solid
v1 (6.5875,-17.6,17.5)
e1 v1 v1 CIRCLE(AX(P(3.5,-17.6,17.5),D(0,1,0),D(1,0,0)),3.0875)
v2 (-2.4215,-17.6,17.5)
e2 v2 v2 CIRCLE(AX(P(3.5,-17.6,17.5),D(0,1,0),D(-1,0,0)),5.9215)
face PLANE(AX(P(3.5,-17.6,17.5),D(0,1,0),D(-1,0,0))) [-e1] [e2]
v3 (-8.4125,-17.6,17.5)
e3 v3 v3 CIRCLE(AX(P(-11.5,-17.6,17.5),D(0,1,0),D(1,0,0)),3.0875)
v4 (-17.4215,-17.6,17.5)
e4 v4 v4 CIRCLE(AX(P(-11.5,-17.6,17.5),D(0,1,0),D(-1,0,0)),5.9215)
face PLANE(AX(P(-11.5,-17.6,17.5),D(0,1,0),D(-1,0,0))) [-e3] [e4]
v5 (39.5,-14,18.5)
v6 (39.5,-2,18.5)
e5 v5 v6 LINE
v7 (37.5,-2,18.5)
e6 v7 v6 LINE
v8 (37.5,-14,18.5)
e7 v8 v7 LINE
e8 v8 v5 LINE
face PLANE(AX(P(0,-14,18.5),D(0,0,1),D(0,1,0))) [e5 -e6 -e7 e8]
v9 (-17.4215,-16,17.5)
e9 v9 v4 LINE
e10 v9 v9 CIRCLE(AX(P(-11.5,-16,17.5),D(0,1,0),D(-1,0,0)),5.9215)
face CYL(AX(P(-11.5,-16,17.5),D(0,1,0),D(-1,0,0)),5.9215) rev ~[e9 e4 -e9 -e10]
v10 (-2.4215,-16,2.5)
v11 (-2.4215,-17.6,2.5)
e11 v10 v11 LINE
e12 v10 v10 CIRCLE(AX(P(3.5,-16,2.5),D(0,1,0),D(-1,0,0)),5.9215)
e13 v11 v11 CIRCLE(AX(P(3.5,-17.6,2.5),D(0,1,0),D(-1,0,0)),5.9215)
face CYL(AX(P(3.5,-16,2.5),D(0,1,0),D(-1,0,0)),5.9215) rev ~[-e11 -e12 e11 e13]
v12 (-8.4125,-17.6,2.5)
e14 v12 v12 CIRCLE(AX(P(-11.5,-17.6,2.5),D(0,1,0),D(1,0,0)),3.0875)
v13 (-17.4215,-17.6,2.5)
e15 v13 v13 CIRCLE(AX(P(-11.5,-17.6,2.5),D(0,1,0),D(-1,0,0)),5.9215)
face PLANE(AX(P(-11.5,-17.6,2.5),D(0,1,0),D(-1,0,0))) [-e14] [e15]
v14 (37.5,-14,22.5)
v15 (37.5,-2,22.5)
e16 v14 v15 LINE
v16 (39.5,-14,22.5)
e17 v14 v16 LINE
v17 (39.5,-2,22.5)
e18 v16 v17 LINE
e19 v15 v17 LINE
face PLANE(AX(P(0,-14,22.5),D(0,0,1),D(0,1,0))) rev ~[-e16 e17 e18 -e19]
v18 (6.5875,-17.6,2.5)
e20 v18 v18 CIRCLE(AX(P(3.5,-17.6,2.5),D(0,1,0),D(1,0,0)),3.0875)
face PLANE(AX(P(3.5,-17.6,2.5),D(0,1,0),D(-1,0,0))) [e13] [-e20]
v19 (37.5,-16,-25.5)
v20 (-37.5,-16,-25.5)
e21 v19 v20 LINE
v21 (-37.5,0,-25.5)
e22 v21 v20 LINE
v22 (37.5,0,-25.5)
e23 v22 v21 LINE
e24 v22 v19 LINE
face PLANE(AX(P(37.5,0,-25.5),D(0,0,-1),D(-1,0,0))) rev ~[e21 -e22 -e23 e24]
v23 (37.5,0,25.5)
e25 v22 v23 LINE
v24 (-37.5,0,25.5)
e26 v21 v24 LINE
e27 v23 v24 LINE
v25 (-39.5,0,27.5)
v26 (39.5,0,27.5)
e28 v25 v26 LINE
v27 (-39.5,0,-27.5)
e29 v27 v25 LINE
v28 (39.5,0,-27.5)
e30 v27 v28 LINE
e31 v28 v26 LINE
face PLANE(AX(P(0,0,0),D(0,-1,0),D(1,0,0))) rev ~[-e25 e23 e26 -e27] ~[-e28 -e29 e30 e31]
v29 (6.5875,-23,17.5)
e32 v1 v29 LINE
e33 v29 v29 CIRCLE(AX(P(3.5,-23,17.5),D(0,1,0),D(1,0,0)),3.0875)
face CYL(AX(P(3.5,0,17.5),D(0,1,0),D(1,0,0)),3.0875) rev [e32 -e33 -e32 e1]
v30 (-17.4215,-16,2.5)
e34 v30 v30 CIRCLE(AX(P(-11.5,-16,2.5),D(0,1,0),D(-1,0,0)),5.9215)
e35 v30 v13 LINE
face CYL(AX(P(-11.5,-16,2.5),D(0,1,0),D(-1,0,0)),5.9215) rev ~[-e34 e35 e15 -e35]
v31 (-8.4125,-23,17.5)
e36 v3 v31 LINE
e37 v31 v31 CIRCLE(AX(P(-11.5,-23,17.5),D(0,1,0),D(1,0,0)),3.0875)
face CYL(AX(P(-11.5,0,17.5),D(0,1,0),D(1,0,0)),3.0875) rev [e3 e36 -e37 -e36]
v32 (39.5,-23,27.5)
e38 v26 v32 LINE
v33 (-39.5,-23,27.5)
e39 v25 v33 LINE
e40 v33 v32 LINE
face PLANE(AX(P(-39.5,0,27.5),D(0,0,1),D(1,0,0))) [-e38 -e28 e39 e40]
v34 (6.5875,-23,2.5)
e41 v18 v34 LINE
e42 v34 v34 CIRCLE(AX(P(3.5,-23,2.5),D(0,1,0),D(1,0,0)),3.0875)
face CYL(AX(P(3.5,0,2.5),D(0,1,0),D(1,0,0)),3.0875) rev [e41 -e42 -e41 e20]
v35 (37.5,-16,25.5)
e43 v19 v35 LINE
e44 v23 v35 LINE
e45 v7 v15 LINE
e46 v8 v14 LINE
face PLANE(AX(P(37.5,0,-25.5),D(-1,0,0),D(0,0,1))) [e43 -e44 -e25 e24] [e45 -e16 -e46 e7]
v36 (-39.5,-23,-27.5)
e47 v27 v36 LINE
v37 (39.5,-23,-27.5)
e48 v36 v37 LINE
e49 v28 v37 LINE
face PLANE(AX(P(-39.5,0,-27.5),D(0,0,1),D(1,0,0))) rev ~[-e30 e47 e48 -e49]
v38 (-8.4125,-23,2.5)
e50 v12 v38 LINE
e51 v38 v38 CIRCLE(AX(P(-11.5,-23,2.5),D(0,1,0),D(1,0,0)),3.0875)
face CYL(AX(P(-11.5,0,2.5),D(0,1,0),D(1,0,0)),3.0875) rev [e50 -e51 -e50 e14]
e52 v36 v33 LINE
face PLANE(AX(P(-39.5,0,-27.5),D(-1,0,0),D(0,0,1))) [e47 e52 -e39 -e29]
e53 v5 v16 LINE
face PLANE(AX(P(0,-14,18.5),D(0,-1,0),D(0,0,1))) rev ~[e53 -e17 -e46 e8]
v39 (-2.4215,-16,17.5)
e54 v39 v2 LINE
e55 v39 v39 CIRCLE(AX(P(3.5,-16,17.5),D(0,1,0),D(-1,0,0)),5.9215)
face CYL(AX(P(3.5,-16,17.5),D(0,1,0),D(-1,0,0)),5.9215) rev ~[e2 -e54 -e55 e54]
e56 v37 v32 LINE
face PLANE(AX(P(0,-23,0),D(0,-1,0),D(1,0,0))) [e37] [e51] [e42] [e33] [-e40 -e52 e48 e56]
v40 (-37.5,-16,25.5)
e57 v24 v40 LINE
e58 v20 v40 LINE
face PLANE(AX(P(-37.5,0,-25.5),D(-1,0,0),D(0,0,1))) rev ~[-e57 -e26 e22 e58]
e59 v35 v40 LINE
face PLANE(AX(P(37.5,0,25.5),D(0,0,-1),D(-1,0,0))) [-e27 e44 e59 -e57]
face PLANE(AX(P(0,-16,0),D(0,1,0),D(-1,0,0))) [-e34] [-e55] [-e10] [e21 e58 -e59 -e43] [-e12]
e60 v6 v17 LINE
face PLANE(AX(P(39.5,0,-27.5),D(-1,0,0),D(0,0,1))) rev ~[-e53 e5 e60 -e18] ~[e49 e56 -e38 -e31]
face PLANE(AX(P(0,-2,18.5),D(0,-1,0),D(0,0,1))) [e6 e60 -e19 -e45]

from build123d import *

# Parameters (mm, degrees)
F0_W     = 79
F0_H     = 55
F1_DEPTH = 23
F2_W     = 75
F2_H     = 51
F3_DEPTH = 16
F4_W     = 12
F4_H     = 4
F5_DEPTH = 55
F6_R     = 3.0875
F7_DEPTH = 25
F8_R     = 5.9215
F9_DEPTH = 1.6


with BuildPart() as f1:
    # F0 (on Front) → F1 (new body)
    with BuildSketch(Plane.XZ):
        Rectangle(F0_W, F0_H)
    extrude(amount=F1_DEPTH)

    # F2 (on face) → F3 (cut)
    with BuildSketch(Plane(origin=(0, 0, 0), x_dir=(-1, 0, 0), z_dir=(0, 1, 0))):
        Rectangle(F2_W, F2_H)
    extrude(amount=-F3_DEPTH, mode=Mode.SUBTRACT)

    # F4 (on Right) → F5 (cut)
    with BuildSketch(Plane.YZ):
        with Locations((-8, 20.5)):
            Rectangle(F4_W, F4_H)
    extrude(amount=F5_DEPTH, mode=Mode.SUBTRACT)

    # F6 (on Front) → F7 (cut)
    with BuildSketch(Plane.XZ):
        with Locations((-11.5, 17.5)):
            Circle(F6_R)
        with Locations((-11.5, 2.5)):
            Circle(F6_R)
        with Locations((3.5, 2.5)):
            Circle(F6_R)
        with Locations((3.5, 17.5)):
            Circle(F6_R)
    extrude(amount=F7_DEPTH, mode=Mode.SUBTRACT)

    # F8 (on face) → F9 (cut)
    with BuildSketch(Plane(origin=(0, -16, 0), x_dir=(-1, 0, 0), z_dir=(0, 1, 0))):
        with Locations((-3.5, 17.5)):
            Circle(F8_R)
        with Locations((-3.5, 2.5)):
            Circle(F8_R)
        with Locations((11.5, 2.5)):
            Circle(F8_R)
        with Locations((11.5, 17.5)):
            Circle(F8_R)
    extrude(amount=-F9_DEPTH, mode=Mode.SUBTRACT)


solid = f1.part
